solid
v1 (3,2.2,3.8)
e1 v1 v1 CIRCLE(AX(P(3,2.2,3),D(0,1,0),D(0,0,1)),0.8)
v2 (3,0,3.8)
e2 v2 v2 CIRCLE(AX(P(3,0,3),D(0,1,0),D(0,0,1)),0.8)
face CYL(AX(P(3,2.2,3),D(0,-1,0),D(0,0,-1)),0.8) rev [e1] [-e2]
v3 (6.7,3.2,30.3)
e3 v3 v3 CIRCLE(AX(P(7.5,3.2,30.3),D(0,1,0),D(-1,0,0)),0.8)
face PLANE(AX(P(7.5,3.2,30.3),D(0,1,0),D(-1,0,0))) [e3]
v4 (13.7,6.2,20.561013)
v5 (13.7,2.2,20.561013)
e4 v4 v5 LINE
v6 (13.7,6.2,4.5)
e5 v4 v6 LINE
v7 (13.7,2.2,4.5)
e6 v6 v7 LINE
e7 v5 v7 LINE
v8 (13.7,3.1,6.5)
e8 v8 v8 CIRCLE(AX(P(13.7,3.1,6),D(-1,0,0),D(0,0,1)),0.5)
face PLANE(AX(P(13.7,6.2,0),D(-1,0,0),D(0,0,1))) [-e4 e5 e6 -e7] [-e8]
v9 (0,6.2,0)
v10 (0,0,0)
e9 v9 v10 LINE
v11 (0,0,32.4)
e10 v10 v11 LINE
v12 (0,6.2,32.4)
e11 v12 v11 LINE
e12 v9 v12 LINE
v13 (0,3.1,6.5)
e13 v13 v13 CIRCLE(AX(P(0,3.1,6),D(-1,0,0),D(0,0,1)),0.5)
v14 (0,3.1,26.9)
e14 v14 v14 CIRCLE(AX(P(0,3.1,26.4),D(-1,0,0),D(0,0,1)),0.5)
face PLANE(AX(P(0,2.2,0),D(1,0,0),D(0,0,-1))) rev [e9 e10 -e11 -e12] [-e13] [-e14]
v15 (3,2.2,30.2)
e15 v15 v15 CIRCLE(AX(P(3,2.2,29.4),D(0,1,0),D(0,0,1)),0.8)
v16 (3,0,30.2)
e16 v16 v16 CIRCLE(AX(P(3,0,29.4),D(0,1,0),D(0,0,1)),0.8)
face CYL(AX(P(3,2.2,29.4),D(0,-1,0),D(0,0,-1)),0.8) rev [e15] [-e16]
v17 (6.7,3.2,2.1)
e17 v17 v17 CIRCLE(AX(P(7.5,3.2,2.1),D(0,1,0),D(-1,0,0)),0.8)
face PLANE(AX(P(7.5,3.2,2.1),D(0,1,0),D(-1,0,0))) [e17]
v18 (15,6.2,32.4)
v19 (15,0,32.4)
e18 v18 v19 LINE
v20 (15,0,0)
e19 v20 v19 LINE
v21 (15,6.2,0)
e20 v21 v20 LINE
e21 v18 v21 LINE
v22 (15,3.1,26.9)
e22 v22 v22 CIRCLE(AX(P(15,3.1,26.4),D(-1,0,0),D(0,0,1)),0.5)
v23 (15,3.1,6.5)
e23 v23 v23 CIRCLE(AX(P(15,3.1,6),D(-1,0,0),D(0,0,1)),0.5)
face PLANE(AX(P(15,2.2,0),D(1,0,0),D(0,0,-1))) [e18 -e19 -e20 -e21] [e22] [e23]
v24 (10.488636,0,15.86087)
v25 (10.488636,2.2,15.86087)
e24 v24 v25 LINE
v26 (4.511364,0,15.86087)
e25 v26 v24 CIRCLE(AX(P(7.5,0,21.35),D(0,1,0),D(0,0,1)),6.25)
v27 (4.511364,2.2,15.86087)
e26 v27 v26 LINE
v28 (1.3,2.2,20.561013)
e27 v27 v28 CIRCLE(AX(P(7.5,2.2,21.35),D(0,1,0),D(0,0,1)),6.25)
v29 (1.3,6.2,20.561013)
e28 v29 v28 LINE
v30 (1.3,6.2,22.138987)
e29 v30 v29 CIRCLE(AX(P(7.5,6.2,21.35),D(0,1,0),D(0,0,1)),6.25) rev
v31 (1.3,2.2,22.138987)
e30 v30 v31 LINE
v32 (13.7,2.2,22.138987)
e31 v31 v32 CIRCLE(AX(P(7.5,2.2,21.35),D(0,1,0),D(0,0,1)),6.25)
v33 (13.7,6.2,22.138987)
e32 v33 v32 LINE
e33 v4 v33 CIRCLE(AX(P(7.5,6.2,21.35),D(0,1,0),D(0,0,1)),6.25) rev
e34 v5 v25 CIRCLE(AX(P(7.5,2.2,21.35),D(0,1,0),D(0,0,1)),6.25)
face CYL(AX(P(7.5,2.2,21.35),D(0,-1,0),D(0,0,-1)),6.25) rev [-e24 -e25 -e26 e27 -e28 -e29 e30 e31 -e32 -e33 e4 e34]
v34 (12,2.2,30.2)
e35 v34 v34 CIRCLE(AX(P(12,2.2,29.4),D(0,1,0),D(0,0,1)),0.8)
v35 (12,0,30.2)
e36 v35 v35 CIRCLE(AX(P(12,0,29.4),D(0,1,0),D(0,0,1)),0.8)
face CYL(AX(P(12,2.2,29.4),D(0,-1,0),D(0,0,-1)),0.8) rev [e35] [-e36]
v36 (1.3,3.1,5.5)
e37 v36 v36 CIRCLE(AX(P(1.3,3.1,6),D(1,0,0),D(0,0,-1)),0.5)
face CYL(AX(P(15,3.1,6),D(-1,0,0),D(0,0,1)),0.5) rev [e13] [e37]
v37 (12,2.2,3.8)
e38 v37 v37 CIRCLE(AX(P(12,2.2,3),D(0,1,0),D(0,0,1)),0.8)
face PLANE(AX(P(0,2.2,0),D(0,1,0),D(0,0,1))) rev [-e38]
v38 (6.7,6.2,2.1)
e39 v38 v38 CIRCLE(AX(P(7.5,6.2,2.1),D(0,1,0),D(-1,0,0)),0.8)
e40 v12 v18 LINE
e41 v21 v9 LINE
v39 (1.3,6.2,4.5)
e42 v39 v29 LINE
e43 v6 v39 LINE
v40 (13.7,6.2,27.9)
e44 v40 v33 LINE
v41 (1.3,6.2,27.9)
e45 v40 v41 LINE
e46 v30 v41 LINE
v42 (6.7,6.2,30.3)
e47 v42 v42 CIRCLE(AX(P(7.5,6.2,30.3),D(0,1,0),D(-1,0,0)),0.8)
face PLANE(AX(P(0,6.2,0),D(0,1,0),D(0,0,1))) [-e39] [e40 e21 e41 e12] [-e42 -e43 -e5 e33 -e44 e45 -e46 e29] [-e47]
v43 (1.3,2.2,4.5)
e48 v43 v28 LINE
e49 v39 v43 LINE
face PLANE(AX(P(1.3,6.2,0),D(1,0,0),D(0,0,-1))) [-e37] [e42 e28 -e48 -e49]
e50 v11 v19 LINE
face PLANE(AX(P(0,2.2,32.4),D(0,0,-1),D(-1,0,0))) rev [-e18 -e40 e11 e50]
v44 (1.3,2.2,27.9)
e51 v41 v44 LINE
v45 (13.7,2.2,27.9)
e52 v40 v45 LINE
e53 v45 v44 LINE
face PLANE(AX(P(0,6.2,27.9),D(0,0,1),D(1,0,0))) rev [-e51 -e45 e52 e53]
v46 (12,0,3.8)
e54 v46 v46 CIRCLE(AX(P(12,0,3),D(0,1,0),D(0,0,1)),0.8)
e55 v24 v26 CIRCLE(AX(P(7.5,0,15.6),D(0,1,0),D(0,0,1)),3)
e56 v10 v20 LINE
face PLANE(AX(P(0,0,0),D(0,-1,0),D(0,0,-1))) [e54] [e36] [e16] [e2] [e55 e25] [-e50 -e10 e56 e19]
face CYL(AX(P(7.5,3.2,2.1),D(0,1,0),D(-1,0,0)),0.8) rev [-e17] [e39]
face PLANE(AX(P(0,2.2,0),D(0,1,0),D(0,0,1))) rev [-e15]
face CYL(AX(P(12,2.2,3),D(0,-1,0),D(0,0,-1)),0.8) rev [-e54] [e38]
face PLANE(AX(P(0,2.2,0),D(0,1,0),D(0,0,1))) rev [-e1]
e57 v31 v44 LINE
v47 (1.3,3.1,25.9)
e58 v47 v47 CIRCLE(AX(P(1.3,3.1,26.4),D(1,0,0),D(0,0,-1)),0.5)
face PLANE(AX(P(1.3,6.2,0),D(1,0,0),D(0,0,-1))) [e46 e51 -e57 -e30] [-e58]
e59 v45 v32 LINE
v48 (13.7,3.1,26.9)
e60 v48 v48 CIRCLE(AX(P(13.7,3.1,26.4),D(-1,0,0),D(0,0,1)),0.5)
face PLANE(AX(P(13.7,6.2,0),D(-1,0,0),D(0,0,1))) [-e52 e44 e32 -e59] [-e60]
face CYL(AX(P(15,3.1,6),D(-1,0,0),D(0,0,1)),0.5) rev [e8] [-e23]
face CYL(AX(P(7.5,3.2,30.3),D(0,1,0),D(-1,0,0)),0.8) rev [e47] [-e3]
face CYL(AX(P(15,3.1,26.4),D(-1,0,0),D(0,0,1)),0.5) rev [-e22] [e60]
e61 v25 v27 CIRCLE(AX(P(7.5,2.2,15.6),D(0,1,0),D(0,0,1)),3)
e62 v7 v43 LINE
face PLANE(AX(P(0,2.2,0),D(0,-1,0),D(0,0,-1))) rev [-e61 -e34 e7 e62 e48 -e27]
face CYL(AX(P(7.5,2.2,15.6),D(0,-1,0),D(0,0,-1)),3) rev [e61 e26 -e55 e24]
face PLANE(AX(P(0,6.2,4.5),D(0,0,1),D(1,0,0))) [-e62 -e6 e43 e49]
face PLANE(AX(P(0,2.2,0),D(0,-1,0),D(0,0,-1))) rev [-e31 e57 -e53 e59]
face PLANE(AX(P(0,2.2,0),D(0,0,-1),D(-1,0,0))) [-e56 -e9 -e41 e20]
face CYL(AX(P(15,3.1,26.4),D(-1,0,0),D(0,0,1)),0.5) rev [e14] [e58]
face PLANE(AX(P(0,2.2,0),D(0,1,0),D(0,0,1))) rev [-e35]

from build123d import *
from build123d.topology import SkipClean

# Parameters (mm, degrees)
SKETCH_1_W          = 15
SKETCH_1_H          = 32.4
SKETCH_1_R          = 0.8
EXTRUDE_1_DEPTH     = 2.2
SKETCH_1_3_R        = 6.25
SKETCH_1_3_R_2      = 3
CUT_EXTRUDE_1_DEPTH = 36.771497033
SKETCH_2_W          = 15
SKETCH_2_H          = 32.4
EXTRUDE_2_DEPTH     = 4
SKETCH_3_R          = 0.8
CUT_EXTRUDE_2_DEPTH = 3
SKETCH_4_R          = 0.5
CUT_EXTRUDE_3_DEPTH = 37.238101496


with BuildPart() as part:
    # 草图1 → 凸台-拉伸1 (new body)
    with BuildSketch(Plane(origin=(0, 0, 0), x_dir=(1, 0, 0), z_dir=(0, 1, 0))):
        with Locations((7.5, -16.2)):
            Rectangle(SKETCH_1_W, SKETCH_1_H)
        with Locations((3, -3)):
            Circle(SKETCH_1_R, mode=Mode.SUBTRACT)
        with Locations((12, -3)):
            Circle(SKETCH_1_R, mode=Mode.SUBTRACT)
        with Locations((3, -29.4)):
            Circle(SKETCH_1_R, mode=Mode.SUBTRACT)
        with Locations((12, -29.4)):
            Circle(SKETCH_1_R, mode=Mode.SUBTRACT)
    extrude(amount=EXTRUDE_1_DEPTH)

    # 草图1<3> → 切除-拉伸1 (cut, through all)
    with BuildSketch(Plane(origin=(0, 0, 0), x_dir=(1, 0, 0), z_dir=(0, 1, 0))):
        with Locations((7.5, -21.35)):
            Circle(SKETCH_1_3_R)
        with Locations((7.5, -15.6)):
            Circle(SKETCH_1_3_R_2)
    extrude(amount=CUT_EXTRUDE_1_DEPTH, mode=Mode.SUBTRACT)

    # 草图2 → 凸台-拉伸2 (add)
    with SkipClean():  # the faces are left unmerged after this step: merging them gives an invalid solid
        with BuildSketch(Plane(origin=(0, 2.2, 0), x_dir=(1, 0, 0), z_dir=(0, 1, 0))):
            with Locations((7.5, -16.2)):
                Rectangle(SKETCH_2_W, SKETCH_2_H)
            with BuildLine():
                Line((13.7, -27.9), (1.3, -27.9))
                Line((1.3, -27.9), (1.3, -22.138986692))
                ThreePointArc((1.3, -22.138986692), (1.25, -21.35), (1.3, -20.561013308))
                Line((1.3, -20.561013308), (1.3, -4.5))
                Line((1.3, -4.5), (13.7, -4.5))
                Line((13.7, -4.5), (13.7, -20.561013308))
                ThreePointArc((13.7, -20.561013308), (13.75, -21.35), (13.7, -22.138986692))
                Line((13.7, -22.138986692), (13.7, -27.9))
            make_face(mode=Mode.SUBTRACT)
        extrude(amount=EXTRUDE_2_DEPTH)

    # 草图3 → 切除-拉伸2 (cut)
    with SkipClean():  # the faces are left unmerged after this step: merging them gives an invalid solid
        with BuildSketch(Plane(origin=(0, 6.2, 0), x_dir=(1, 0, 0), z_dir=(0, 1, 0))):
            with Locations((7.5, -30.3)):
                Circle(SKETCH_3_R)
            with Locations((7.5, -2.1)):
                Circle(SKETCH_3_R)
        extrude(amount=-CUT_EXTRUDE_2_DEPTH, mode=Mode.SUBTRACT)

    # 草图4 → 切除-拉伸3 (cut, through all)
    with SkipClean():  # the faces are left unmerged after this step: merging them gives an invalid solid
        with BuildSketch(Plane.ZY):
            with Locations((6, 3.1)):
                Circle(SKETCH_4_R)
            with Locations((26.4, 3.1)):
                Circle(SKETCH_4_R)
        extrude(amount=-CUT_EXTRUDE_3_DEPTH, mode=Mode.SUBTRACT)


solid = part.part
